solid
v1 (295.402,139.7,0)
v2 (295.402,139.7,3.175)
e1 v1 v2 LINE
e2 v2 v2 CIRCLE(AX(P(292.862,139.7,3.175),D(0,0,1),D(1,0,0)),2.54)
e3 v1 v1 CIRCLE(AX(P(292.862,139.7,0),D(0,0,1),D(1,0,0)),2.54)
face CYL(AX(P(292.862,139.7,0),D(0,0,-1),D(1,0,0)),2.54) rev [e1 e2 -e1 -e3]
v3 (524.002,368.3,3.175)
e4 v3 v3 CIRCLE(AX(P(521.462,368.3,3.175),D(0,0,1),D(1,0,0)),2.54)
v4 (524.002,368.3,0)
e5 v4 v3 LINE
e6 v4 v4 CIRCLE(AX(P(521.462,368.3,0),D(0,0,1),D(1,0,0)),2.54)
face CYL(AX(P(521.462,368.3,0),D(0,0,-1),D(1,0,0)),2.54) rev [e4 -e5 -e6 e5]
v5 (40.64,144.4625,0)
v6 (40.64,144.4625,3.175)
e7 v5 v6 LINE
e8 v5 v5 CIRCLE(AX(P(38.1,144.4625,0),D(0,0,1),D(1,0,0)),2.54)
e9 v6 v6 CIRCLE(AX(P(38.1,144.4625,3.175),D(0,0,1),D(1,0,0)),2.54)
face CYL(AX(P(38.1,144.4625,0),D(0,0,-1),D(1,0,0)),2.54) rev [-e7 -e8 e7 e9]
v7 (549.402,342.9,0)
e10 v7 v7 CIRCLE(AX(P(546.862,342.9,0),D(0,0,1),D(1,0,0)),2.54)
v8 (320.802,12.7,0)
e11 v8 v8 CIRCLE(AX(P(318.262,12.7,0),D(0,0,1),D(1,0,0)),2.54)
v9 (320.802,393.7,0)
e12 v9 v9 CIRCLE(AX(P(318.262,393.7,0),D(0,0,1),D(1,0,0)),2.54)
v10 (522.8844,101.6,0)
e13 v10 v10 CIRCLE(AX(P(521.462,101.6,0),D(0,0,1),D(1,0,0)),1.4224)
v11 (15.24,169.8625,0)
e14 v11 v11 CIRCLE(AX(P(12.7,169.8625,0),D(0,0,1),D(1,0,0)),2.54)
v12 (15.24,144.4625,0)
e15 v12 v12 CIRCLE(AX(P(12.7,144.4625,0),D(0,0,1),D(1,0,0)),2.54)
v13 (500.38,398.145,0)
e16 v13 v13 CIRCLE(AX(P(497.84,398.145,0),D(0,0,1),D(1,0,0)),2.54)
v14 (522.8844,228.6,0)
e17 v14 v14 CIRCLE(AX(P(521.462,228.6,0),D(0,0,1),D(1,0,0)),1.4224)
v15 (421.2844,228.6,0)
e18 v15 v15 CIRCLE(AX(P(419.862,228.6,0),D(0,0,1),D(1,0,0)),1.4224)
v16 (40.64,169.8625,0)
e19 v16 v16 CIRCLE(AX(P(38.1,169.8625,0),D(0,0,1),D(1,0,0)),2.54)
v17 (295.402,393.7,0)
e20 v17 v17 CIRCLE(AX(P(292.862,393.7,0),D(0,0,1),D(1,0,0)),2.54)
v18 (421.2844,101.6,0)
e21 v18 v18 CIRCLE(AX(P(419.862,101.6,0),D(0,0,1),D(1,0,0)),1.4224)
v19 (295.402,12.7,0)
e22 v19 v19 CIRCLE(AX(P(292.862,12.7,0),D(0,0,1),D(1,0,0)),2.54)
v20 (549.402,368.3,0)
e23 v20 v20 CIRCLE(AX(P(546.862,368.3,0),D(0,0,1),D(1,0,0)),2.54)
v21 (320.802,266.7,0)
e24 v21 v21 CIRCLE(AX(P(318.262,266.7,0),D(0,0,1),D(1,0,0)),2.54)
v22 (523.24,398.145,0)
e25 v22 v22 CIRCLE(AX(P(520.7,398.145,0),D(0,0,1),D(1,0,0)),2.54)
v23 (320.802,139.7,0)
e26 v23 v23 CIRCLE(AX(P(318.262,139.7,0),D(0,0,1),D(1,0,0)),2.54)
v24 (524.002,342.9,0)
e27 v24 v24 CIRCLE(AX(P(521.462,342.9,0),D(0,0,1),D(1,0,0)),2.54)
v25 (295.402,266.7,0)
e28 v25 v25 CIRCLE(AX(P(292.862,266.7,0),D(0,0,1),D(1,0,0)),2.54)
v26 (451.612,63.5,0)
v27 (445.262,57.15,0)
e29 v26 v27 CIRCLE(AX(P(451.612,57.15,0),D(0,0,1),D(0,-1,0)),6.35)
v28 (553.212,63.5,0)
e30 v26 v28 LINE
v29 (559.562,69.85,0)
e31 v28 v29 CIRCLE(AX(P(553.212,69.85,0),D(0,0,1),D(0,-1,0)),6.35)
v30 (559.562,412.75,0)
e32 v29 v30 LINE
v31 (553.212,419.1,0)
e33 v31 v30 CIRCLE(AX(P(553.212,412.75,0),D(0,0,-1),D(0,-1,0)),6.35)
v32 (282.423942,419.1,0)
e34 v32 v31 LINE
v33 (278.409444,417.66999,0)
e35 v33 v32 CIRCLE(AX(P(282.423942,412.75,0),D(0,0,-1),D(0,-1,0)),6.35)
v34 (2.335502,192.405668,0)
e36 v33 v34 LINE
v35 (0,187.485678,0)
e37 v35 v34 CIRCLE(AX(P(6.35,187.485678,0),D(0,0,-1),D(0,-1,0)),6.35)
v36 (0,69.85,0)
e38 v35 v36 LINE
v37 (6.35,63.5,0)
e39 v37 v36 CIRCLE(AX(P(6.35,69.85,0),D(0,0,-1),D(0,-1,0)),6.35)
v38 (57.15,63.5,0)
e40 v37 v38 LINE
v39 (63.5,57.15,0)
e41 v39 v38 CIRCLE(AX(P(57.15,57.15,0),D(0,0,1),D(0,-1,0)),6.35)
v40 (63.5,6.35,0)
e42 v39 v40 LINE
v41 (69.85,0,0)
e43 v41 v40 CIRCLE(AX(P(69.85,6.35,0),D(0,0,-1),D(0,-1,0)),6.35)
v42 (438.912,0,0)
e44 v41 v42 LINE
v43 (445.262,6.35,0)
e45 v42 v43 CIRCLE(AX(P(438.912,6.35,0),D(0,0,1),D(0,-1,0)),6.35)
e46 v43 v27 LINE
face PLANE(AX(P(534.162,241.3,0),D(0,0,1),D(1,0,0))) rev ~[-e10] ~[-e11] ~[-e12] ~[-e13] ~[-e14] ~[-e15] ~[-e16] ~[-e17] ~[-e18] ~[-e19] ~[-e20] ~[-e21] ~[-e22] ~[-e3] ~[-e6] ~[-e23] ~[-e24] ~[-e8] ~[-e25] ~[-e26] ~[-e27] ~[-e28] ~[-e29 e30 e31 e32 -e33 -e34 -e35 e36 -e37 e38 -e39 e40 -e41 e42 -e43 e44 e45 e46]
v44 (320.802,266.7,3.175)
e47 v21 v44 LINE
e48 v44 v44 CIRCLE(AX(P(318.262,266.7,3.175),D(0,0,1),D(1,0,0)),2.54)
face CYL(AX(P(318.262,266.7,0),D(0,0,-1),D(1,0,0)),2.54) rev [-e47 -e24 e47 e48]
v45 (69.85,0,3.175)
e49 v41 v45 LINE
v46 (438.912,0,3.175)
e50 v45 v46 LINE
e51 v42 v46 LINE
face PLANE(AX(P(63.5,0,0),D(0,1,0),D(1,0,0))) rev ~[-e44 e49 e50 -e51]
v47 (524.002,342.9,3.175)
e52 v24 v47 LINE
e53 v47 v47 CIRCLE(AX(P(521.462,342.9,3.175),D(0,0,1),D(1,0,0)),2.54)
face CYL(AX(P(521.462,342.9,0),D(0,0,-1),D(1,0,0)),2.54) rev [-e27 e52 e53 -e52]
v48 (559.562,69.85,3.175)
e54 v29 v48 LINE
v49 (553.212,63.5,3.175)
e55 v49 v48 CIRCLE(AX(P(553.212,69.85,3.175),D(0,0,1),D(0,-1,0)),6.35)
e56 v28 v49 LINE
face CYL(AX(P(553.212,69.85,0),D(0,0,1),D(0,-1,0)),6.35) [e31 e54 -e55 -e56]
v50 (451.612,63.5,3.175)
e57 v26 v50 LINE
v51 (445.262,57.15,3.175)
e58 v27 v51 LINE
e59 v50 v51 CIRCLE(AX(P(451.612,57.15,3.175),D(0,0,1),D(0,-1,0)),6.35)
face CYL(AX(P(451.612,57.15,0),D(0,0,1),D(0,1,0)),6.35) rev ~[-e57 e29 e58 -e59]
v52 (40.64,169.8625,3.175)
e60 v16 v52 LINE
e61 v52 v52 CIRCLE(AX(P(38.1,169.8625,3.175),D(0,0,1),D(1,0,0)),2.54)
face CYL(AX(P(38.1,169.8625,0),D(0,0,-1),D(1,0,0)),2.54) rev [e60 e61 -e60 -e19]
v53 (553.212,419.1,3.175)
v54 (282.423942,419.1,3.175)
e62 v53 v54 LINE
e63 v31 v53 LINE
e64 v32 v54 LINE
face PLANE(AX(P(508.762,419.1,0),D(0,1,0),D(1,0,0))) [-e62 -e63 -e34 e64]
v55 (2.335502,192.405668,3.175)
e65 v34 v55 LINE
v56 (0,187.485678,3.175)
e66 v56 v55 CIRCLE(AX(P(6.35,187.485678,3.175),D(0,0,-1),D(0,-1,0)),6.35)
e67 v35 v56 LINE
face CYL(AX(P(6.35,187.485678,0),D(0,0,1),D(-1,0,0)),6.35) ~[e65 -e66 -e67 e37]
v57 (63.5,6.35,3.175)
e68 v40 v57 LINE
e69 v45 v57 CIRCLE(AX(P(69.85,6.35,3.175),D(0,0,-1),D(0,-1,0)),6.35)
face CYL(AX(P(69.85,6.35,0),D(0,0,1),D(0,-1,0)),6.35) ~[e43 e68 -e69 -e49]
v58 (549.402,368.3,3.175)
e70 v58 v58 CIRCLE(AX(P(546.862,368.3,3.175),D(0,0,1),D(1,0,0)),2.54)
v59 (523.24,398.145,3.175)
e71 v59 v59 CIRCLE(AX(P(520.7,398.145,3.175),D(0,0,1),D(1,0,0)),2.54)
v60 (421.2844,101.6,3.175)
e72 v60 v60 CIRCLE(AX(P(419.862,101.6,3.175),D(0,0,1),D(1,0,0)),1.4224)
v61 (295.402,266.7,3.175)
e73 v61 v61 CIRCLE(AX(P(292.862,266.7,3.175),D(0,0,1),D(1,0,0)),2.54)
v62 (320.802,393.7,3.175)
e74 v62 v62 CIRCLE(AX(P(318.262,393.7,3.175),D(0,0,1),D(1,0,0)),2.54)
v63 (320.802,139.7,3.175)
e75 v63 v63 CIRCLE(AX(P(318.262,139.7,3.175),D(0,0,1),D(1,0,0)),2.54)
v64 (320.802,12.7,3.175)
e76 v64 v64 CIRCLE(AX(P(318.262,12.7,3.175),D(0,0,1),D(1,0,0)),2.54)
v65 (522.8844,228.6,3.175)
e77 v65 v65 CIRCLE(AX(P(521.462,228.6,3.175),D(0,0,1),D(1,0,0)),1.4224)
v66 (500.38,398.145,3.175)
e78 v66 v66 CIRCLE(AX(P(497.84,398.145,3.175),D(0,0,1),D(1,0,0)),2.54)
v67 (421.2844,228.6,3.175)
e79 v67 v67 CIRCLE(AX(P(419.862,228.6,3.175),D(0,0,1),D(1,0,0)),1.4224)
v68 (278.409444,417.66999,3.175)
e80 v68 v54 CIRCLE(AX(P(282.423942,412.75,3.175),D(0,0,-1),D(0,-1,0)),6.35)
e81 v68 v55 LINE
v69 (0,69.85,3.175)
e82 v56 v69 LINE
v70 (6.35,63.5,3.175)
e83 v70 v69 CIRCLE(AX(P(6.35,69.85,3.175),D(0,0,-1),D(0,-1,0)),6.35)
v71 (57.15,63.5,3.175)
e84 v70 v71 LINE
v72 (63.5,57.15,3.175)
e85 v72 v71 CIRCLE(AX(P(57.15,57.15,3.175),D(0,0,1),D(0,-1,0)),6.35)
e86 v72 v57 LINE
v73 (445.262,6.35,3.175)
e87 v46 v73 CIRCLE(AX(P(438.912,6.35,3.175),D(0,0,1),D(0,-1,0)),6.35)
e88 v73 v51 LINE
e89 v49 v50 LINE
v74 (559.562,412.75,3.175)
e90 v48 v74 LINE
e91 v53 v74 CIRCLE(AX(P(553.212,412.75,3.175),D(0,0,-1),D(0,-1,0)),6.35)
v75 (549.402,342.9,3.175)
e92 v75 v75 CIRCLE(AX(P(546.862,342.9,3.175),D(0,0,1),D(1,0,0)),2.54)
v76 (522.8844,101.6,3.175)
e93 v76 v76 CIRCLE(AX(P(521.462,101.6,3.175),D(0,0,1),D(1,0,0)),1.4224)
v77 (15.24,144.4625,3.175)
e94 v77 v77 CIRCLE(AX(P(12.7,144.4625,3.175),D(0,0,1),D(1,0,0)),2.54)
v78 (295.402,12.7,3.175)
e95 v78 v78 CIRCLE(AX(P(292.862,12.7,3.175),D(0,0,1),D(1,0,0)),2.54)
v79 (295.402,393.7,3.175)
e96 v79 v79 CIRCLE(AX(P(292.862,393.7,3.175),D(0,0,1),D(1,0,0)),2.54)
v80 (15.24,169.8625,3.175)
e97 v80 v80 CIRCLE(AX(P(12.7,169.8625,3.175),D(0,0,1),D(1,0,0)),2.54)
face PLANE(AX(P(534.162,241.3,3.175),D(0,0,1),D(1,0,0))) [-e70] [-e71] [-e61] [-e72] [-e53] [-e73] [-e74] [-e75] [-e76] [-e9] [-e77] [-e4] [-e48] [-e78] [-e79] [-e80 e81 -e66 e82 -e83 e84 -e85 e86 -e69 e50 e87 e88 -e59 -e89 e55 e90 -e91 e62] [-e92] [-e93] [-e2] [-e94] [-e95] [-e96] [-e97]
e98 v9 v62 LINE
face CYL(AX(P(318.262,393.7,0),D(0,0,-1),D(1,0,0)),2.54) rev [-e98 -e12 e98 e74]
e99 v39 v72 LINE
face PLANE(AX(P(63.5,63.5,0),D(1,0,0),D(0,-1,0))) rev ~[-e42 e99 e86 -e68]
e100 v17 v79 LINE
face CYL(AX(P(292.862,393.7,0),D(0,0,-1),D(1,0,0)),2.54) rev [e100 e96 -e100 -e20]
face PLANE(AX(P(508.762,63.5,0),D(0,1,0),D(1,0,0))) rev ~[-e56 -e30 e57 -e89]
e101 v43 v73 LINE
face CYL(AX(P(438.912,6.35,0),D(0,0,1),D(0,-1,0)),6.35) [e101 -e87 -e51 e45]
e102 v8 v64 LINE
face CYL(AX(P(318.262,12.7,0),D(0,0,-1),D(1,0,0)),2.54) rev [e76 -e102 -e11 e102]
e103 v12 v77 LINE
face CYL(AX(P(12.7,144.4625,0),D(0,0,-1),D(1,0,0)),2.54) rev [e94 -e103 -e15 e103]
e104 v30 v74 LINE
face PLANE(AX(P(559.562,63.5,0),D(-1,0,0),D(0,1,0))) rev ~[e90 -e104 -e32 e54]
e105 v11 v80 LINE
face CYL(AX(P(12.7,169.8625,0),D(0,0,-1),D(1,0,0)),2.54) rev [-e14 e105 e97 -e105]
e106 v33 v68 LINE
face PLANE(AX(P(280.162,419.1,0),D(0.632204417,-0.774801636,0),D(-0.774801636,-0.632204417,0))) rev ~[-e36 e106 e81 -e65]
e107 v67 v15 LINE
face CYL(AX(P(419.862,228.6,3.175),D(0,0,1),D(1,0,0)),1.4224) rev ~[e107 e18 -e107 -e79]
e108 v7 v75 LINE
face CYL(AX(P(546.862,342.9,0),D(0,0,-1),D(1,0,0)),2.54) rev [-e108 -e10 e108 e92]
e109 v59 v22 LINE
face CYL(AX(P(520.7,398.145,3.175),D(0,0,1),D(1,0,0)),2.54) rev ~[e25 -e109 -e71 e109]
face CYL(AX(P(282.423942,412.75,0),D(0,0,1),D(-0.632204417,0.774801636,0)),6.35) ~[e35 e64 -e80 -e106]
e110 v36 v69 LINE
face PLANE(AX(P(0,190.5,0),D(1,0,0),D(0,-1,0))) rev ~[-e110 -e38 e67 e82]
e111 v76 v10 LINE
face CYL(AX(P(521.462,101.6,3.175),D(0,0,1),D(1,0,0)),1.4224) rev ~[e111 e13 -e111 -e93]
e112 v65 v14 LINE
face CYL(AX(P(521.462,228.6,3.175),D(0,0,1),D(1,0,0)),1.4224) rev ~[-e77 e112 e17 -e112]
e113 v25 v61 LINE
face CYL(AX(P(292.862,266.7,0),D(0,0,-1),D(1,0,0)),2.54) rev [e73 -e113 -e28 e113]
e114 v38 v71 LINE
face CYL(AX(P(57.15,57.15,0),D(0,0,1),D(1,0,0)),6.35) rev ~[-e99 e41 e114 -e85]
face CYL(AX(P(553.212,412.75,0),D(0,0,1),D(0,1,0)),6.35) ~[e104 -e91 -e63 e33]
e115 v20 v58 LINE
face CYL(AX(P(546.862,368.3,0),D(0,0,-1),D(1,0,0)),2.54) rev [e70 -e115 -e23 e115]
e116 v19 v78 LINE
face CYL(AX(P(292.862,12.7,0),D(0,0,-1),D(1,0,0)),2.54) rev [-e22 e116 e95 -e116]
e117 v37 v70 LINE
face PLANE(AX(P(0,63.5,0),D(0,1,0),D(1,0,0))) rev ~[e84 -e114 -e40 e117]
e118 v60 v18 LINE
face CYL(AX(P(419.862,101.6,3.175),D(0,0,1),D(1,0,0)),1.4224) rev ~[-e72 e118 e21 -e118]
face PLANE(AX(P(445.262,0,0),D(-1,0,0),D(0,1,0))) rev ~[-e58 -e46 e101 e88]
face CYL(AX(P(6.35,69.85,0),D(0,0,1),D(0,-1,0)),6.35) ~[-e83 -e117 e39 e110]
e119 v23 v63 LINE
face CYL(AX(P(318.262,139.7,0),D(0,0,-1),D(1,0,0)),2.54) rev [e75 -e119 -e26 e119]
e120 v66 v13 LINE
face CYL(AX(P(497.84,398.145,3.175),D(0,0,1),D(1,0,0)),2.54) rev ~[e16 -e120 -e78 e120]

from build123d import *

# Parameters (mm, degrees)
SKETCH1_R           = 2.54
SKETCH1_W           = 50.8
SKETCH1_H           = 355.6
BOSS_EXTRUDE1_DEPTH = 3.175
FILLET1_R           = 6.35
SKETCH3_R           = 1.4224
CUT_EXTRUDE3_DEPTH  = 700.116959077
SKETCH5_R           = 2.54
CUT_EXTRUDE5_DEPTH  = 700.116959077


with BuildPart() as part:
    # Sketch1 → Boss-Extrude1 (new body)
    # profile 1 of 2: a face of its own
    with BuildSketch(Plane.XY):
        Polygon((0, 190.5), (0, 63.5), (63.5, 63.5), (63.5, 0), (445.262, 0), (445.262, 63.5), (508.762, 63.5), (508.762, 419.1), (280.162, 419.1), align=None)
        with Locations((12.7, 144.4625)):
            Circle(SKETCH1_R, mode=Mode.SUBTRACT)
        with Locations((38.1, 144.4625)):
            Circle(SKETCH1_R, mode=Mode.SUBTRACT)
        with Locations((12.7, 169.8625)):
            Circle(SKETCH1_R, mode=Mode.SUBTRACT)
        with Locations((38.1, 169.8625)):
            Circle(SKETCH1_R, mode=Mode.SUBTRACT)
        with Locations((292.862, 12.7)):
            Circle(SKETCH1_R, mode=Mode.SUBTRACT)
        with Locations((318.262, 12.7)):
            Circle(SKETCH1_R, mode=Mode.SUBTRACT)
        with Locations((292.862, 139.7)):
            Circle(SKETCH1_R, mode=Mode.SUBTRACT)
        with Locations((318.262, 139.7)):
            Circle(SKETCH1_R, mode=Mode.SUBTRACT)
        with Locations((292.862, 266.7)):
            Circle(SKETCH1_R, mode=Mode.SUBTRACT)
        with Locations((318.262, 266.7)):
            Circle(SKETCH1_R, mode=Mode.SUBTRACT)
        with Locations((292.862, 393.7)):
            Circle(SKETCH1_R, mode=Mode.SUBTRACT)
        with Locations((318.262, 393.7)):
            Circle(SKETCH1_R, mode=Mode.SUBTRACT)
    # profile 2 of 2: a face of its own
    with BuildSketch(Plane.XY):
        with Locations((534.162, 241.3)):
            Rectangle(SKETCH1_W, SKETCH1_H)
        with Locations((521.462, 342.9)):
            Circle(SKETCH1_R, mode=Mode.SUBTRACT)
        with Locations((546.862, 342.9)):
            Circle(SKETCH1_R, mode=Mode.SUBTRACT)
        with Locations((521.462, 368.3)):
            Circle(SKETCH1_R, mode=Mode.SUBTRACT)
        with Locations((546.862, 368.3)):
            Circle(SKETCH1_R, mode=Mode.SUBTRACT)
    extrude(amount=BOSS_EXTRUDE1_DEPTH)

    # Fillet1
    fillet1_edges = [part.edges().sort_by_distance(p)[0] for p in [
        (280.162, 419.1, 1.5875),
        (559.562, 419.1, 1.5875),
        (559.562, 63.5, 1.5875),
        (445.262, 63.5, 1.5875),
        (445.262, 0, 1.5875),
        (63.5, 0, 1.5875),
        (63.5, 63.5, 1.5875),
        (0, 63.5, 1.5875),
        (0, 190.5, 1.5875),
    ]]
    fillet(fillet1_edges, radius=FILLET1_R)

    # Sketch3 → Cut-Extrude3 (cut, through all)
    with BuildSketch(Plane.XY.offset(3.175)):
        with Locations((521.462, 228.6)):
            Circle(SKETCH3_R)
        with Locations((419.862, 228.6)):
            Circle(SKETCH3_R)
        with Locations((419.862, 101.6)):
            Circle(SKETCH3_R)
        with Locations((521.462, 101.6)):
            Circle(SKETCH3_R)
    extrude(amount=-CUT_EXTRUDE3_DEPTH, mode=Mode.SUBTRACT)

    # Sketch5 → Cut-Extrude5 (cut, through all)
    with BuildSketch(Plane.XY.offset(3.175)):
        with Locations((520.7, 398.145)):
            Circle(SKETCH5_R)
        with Locations((497.84, 398.145)):
            Circle(SKETCH5_R)
    extrude(amount=-CUT_EXTRUDE5_DEPTH, mode=Mode.SUBTRACT)


solid = part.part
